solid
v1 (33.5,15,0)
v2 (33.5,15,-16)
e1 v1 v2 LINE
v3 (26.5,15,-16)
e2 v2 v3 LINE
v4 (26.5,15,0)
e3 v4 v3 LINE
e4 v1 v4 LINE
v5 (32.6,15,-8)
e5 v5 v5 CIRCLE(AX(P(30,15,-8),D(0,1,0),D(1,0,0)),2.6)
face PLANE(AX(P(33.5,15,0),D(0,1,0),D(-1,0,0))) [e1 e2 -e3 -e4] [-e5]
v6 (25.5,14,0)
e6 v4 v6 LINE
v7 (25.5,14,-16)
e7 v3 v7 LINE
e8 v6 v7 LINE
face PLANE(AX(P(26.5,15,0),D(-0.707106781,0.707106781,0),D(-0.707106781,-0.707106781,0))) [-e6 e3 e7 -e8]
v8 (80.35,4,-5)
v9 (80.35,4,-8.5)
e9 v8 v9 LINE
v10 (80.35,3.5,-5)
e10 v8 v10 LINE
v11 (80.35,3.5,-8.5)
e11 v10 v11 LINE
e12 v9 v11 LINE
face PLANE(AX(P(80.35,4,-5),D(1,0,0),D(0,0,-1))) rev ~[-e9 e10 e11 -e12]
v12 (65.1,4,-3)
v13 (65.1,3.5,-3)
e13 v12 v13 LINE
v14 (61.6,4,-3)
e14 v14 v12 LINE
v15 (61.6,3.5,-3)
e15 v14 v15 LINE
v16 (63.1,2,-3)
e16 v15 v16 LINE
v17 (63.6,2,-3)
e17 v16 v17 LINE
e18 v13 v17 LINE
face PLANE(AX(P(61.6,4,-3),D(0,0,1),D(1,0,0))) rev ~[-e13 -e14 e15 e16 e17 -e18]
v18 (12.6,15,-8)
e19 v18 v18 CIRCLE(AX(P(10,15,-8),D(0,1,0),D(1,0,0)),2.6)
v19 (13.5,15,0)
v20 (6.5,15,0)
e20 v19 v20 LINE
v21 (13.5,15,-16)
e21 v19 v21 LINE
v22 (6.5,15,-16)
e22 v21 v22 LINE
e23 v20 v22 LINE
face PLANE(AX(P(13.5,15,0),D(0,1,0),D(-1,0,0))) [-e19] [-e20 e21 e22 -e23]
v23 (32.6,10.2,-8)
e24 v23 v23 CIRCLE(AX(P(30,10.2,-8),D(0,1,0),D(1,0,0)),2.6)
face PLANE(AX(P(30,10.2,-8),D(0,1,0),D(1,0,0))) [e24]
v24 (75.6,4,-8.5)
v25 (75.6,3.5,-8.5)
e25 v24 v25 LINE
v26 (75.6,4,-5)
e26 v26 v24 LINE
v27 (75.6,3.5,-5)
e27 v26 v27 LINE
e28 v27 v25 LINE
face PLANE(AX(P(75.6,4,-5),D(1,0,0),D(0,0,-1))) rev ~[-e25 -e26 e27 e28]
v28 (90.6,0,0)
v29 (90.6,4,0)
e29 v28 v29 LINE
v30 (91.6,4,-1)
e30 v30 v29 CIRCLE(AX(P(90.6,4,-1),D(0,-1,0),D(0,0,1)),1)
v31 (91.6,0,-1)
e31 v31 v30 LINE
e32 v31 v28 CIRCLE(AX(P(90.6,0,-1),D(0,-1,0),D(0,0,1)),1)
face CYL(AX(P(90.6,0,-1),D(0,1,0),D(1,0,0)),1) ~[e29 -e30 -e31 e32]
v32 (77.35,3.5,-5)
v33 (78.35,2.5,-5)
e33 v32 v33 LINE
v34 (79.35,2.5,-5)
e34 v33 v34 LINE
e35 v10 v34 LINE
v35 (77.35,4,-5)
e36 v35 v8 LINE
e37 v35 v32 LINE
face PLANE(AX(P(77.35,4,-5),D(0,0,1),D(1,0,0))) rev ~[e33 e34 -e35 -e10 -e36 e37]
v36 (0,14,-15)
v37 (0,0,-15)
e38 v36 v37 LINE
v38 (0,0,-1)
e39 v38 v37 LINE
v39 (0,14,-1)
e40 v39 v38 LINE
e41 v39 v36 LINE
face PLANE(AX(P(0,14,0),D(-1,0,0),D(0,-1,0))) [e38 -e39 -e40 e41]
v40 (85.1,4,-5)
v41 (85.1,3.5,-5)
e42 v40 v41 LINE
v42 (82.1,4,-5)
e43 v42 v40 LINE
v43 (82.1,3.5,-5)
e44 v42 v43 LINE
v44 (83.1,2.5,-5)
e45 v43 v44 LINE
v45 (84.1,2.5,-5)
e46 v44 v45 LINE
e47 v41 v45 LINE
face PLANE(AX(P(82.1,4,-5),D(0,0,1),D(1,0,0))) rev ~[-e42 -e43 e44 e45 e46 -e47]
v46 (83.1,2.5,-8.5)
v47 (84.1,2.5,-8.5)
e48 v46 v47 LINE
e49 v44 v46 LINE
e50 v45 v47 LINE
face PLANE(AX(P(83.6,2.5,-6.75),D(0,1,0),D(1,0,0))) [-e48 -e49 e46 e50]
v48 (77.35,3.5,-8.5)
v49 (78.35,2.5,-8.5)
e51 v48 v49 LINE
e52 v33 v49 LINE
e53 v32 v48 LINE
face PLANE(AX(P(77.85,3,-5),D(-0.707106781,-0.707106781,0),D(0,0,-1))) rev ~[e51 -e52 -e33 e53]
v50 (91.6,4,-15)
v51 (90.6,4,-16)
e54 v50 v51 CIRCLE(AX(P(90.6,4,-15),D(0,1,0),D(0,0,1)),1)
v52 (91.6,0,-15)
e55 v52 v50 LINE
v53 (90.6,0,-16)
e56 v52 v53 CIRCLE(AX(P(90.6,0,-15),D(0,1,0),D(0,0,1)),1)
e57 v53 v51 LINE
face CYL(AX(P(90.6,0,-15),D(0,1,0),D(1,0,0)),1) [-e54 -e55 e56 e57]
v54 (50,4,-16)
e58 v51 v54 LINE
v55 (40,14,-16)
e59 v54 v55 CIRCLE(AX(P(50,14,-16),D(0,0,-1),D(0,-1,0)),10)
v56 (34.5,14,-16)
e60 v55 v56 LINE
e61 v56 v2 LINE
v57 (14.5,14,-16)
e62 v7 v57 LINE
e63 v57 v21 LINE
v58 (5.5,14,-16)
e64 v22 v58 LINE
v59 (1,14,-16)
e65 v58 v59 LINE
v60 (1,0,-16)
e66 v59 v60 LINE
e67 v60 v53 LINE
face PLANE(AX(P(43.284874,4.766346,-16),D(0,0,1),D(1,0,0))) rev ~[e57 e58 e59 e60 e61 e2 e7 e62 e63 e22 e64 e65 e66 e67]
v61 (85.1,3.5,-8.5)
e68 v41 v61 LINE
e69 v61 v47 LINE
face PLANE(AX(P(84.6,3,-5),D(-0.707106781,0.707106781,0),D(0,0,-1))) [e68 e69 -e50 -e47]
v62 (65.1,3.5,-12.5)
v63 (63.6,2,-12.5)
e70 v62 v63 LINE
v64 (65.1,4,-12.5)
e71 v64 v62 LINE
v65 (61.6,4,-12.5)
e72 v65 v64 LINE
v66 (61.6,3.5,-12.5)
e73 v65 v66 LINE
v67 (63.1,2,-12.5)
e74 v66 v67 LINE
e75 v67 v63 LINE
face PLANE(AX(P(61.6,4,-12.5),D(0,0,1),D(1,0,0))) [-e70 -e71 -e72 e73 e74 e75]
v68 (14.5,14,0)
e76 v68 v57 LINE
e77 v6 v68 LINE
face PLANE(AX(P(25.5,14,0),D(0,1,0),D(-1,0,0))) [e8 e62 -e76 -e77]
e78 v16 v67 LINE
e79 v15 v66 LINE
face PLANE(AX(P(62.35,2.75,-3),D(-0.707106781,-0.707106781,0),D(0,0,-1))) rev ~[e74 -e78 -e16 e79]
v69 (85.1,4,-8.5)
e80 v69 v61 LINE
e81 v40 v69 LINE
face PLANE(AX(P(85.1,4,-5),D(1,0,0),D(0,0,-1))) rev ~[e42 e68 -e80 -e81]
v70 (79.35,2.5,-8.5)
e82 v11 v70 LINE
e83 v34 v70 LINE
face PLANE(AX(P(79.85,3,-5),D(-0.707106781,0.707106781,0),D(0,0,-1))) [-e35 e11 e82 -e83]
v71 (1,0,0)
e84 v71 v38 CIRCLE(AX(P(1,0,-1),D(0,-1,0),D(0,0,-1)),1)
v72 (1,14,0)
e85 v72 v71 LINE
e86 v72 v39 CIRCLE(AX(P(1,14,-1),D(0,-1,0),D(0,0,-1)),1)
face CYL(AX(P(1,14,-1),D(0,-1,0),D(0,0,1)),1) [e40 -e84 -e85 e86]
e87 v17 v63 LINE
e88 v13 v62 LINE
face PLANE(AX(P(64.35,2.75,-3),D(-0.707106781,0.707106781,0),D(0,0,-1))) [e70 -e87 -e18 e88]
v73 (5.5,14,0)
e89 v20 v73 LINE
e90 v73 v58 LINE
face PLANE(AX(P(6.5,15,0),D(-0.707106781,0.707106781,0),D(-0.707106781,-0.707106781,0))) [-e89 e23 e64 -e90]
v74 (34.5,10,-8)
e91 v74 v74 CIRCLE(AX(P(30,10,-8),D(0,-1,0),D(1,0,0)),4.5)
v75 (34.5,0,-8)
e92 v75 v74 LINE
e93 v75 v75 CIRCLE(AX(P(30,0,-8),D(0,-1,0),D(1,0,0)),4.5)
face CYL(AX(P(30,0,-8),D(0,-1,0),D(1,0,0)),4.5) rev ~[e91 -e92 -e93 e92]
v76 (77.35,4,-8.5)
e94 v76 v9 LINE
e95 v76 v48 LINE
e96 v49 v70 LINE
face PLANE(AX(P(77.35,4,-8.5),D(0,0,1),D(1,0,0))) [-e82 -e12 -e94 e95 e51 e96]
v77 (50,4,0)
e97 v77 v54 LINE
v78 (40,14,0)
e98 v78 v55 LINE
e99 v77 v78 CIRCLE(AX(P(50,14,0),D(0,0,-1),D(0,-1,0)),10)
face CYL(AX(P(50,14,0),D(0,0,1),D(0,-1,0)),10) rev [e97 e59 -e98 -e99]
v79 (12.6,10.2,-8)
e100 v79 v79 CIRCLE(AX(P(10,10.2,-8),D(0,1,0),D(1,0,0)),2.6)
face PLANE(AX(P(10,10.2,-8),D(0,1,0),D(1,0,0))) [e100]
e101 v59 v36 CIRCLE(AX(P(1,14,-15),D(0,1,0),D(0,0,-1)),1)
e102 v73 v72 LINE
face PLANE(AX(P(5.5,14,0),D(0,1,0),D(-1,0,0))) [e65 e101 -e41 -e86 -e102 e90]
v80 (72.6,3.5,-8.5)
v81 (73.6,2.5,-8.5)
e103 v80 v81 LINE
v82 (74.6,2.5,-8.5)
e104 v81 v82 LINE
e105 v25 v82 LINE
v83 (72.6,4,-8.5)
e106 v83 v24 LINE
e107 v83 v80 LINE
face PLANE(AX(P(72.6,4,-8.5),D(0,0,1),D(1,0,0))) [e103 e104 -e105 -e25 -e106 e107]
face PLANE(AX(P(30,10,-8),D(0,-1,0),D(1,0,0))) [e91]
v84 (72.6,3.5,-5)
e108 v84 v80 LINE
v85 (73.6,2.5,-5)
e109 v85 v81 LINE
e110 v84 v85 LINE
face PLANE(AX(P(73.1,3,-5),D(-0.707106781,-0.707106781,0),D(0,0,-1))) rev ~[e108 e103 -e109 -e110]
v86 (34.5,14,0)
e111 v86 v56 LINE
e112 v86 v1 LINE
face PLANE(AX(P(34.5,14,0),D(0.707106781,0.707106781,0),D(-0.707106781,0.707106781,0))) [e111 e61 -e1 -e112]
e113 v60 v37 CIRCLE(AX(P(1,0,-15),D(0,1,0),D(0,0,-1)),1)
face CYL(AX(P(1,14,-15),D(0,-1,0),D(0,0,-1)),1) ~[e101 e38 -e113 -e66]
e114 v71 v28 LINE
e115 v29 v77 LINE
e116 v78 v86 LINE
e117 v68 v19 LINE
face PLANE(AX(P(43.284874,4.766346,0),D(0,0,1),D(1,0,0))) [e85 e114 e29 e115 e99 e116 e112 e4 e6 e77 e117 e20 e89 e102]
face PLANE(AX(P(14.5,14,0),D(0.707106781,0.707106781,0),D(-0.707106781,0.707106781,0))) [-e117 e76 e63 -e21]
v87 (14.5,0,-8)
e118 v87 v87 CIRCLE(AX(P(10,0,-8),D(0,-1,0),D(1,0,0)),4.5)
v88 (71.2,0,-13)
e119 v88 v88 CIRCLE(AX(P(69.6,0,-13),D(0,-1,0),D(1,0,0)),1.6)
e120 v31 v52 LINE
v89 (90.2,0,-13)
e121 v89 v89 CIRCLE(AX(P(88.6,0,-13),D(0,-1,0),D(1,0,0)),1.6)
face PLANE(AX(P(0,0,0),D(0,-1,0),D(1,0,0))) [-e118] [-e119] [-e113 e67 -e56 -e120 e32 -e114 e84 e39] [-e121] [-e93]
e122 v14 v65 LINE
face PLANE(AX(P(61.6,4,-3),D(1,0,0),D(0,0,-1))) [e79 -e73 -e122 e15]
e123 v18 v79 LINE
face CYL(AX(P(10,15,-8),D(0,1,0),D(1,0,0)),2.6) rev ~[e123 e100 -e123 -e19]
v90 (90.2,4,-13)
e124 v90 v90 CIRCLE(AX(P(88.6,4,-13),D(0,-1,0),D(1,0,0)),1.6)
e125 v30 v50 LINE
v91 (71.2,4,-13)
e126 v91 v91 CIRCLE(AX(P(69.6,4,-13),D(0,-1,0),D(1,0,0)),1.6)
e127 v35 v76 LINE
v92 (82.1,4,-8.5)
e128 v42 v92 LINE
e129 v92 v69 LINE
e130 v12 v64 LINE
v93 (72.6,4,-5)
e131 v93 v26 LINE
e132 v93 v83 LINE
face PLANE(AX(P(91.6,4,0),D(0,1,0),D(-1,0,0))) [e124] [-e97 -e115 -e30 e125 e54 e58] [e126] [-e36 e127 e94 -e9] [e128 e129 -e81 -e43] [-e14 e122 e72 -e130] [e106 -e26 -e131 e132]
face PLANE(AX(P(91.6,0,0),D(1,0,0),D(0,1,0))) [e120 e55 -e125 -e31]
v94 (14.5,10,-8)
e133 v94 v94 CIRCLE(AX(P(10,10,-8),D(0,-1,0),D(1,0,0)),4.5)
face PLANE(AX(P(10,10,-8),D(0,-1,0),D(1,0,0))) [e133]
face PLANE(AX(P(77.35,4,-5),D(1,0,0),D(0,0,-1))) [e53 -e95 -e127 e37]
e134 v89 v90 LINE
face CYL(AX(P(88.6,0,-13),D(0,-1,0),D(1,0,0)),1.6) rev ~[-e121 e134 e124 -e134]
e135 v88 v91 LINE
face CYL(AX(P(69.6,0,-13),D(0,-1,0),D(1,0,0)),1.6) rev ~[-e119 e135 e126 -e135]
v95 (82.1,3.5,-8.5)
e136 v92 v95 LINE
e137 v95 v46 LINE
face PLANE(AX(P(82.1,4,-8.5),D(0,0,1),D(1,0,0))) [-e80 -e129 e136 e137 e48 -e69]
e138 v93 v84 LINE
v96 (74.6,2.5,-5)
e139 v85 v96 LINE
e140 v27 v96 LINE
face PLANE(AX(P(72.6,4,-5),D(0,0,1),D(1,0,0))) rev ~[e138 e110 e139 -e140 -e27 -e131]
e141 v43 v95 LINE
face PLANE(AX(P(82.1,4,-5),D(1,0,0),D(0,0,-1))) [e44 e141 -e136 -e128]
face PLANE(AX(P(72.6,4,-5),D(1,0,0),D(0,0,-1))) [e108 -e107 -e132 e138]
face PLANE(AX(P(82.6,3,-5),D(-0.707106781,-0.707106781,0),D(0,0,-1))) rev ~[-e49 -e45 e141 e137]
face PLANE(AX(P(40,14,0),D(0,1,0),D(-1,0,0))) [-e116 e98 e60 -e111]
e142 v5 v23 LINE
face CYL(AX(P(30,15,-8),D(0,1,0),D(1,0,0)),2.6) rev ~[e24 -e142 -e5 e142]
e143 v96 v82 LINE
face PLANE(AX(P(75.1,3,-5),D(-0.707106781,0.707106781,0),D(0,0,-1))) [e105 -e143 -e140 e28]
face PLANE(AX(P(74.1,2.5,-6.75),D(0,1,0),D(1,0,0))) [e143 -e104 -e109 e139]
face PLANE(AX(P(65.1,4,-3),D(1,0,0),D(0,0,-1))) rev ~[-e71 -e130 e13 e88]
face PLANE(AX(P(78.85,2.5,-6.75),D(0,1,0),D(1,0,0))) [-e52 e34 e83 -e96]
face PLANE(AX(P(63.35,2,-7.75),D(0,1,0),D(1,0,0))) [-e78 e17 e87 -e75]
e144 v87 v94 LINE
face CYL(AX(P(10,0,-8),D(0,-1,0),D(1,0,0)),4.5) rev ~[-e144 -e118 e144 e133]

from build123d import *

# Parameters (mm, degrees)
BOSS_EXTRUDE1_DEPTH = 16
SKETCH2_R           = 2.6
CUT_EXTRUDE1_DEPTH  = 4.8
SKETCH3_R           = 4.5
CUT_EXTRUDE2_DEPTH  = 10
CUT_EXTRUDE3_REACH  = 17
SKETCH4_R           = 1.6
SKETCH5_W           = 3
SKETCH5_H           = 3.5
CUT_EXTRUDE4_DEPTH  = 1.5
CHAMFER1_SIZE       = 1
SKETCH6_W           = 3.5
SKETCH6_H           = 9.5
CUT_EXTRUDE5_DEPTH  = 2
CHAMFER2_SIZE       = 1.5
FILLET1_R           = 1


with BuildPart() as part:
    # Sketch1 → Boss-Extrude1 (new body)
    with BuildSketch(Plane.XY):
        with BuildLine():
            Line((0, 0), (91.6, 0))
            Line((91.6, 0), (91.6, 4))
            Line((91.6, 4), (50, 4))
            ThreePointArc((50, 4), (42.928932188, 6.928932188), (40, 14))
            Line((40, 14), (34.5, 14))
            Line((34.5, 14), (33.5, 15))
            Line((33.5, 15), (26.5, 15))
            Line((26.5, 15), (25.5, 14))
            Line((25.5, 14), (14.5, 14))
            Line((14.5, 14), (13.5, 15))
            Line((13.5, 15), (6.5, 15))
            Line((6.5, 15), (5.5, 14))
            Line((5.5, 14), (0, 14))
            Line((0, 14), (0, 0))
        make_face()
    extrude(amount=-BOSS_EXTRUDE1_DEPTH)

    # Sketch2 → Cut-Extrude1 (cut)
    with BuildSketch(Plane(origin=(0, 15, 0), x_dir=(1, 0, 0), z_dir=(0, 1, 0))):
        with Locations((10, 8)):
            Circle(SKETCH2_R)
        with Locations((30, 8)):
            Circle(SKETCH2_R)
    extrude(amount=-CUT_EXTRUDE1_DEPTH, mode=Mode.SUBTRACT)

    # Sketch3 → Cut-Extrude2 (cut)
    with BuildSketch(Plane.XZ):
        with Locations((10, -8)):
            Circle(SKETCH3_R)
        with Locations((30, -8)):
            Circle(SKETCH3_R)
    extrude(amount=-CUT_EXTRUDE2_DEPTH, mode=Mode.SUBTRACT)

    # Sketch4 → Cut-Extrude3 (cut, up to next)
    with BuildSketch(Plane.XZ, mode=Mode.PRIVATE) as cut_extrude3_sk1:
        with Locations((88.6, -13)):
            Circle(SKETCH4_R)
    cut_extrude3_tool1 = extrude(cut_extrude3_sk1.sketch, amount=-CUT_EXTRUDE3_REACH, mode=Mode.PRIVATE) & part.part
    add(cut_extrude3_tool1.solids().sort_by_distance((88.6, 0, -13))[0], mode=Mode.SUBTRACT)
    # Sketch4 → Cut-Extrude3 (cut, up to next)
    with BuildSketch(Plane.XZ, mode=Mode.PRIVATE) as cut_extrude3_sk2:
        with Locations((69.6, -13)):
            Circle(SKETCH4_R)
    cut_extrude3_tool2 = extrude(cut_extrude3_sk2.sketch, amount=-CUT_EXTRUDE3_REACH, mode=Mode.PRIVATE) & part.part
    add(cut_extrude3_tool2.solids().sort_by_distance((69.6, 0, -13))[0], mode=Mode.SUBTRACT)

    # Sketch5 → Cut-Extrude4 (cut)
    with BuildSketch(Plane(origin=(0, 4, 0), x_dir=(1, 0, 0), z_dir=(0, 1, 0))):
        with Locations((74.1, 6.75)):
            Rectangle(SKETCH5_W, SKETCH5_H)
        with Locations((78.85, 6.75)):
            Rectangle(SKETCH5_W, SKETCH5_H)
        with Locations((83.6, 6.75)):
            Rectangle(SKETCH5_W, SKETCH5_H)
    extrude(amount=-CUT_EXTRUDE4_DEPTH, mode=Mode.SUBTRACT)

    # Chamfer1
    chamfer1_edges = [part.edges().sort_by_distance(p)[0] for p in [
        (72.6, 2.5, -6.75),
        (75.6, 2.5, -6.75),
        (77.35, 2.5, -6.75),
        (80.35, 2.5, -6.75),
        (82.1, 2.5, -6.75),
        (85.1, 2.5, -6.75),
    ]]
    chamfer(chamfer1_edges, length=CHAMFER1_SIZE)

    # Sketch6 → Cut-Extrude5 (cut)
    with BuildSketch(Plane(origin=(0, 4, 0), x_dir=(1, 0, 0), z_dir=(0, 1, 0))):
        with Locations((63.35, 7.75)):
            Rectangle(SKETCH6_W, SKETCH6_H)
    extrude(amount=-CUT_EXTRUDE5_DEPTH, mode=Mode.SUBTRACT)

    # Chamfer2
    chamfer2_edges = [part.edges().sort_by_distance(p)[0] for p in [
        (65.1, 2, -7.75),
        (61.6, 2, -7.75),
    ]]
    chamfer(chamfer2_edges, length=CHAMFER2_SIZE)

    # Fillet1
    fillet1_edges = [part.edges().sort_by_distance(p)[0] for p in [
        (91.6, 2, -16),
        (91.6, 2, 0),
        (0, 7, 0),
        (0, 7, -16),
    ]]
    fillet(fillet1_edges, radius=FILLET1_R)


solid = part.part
